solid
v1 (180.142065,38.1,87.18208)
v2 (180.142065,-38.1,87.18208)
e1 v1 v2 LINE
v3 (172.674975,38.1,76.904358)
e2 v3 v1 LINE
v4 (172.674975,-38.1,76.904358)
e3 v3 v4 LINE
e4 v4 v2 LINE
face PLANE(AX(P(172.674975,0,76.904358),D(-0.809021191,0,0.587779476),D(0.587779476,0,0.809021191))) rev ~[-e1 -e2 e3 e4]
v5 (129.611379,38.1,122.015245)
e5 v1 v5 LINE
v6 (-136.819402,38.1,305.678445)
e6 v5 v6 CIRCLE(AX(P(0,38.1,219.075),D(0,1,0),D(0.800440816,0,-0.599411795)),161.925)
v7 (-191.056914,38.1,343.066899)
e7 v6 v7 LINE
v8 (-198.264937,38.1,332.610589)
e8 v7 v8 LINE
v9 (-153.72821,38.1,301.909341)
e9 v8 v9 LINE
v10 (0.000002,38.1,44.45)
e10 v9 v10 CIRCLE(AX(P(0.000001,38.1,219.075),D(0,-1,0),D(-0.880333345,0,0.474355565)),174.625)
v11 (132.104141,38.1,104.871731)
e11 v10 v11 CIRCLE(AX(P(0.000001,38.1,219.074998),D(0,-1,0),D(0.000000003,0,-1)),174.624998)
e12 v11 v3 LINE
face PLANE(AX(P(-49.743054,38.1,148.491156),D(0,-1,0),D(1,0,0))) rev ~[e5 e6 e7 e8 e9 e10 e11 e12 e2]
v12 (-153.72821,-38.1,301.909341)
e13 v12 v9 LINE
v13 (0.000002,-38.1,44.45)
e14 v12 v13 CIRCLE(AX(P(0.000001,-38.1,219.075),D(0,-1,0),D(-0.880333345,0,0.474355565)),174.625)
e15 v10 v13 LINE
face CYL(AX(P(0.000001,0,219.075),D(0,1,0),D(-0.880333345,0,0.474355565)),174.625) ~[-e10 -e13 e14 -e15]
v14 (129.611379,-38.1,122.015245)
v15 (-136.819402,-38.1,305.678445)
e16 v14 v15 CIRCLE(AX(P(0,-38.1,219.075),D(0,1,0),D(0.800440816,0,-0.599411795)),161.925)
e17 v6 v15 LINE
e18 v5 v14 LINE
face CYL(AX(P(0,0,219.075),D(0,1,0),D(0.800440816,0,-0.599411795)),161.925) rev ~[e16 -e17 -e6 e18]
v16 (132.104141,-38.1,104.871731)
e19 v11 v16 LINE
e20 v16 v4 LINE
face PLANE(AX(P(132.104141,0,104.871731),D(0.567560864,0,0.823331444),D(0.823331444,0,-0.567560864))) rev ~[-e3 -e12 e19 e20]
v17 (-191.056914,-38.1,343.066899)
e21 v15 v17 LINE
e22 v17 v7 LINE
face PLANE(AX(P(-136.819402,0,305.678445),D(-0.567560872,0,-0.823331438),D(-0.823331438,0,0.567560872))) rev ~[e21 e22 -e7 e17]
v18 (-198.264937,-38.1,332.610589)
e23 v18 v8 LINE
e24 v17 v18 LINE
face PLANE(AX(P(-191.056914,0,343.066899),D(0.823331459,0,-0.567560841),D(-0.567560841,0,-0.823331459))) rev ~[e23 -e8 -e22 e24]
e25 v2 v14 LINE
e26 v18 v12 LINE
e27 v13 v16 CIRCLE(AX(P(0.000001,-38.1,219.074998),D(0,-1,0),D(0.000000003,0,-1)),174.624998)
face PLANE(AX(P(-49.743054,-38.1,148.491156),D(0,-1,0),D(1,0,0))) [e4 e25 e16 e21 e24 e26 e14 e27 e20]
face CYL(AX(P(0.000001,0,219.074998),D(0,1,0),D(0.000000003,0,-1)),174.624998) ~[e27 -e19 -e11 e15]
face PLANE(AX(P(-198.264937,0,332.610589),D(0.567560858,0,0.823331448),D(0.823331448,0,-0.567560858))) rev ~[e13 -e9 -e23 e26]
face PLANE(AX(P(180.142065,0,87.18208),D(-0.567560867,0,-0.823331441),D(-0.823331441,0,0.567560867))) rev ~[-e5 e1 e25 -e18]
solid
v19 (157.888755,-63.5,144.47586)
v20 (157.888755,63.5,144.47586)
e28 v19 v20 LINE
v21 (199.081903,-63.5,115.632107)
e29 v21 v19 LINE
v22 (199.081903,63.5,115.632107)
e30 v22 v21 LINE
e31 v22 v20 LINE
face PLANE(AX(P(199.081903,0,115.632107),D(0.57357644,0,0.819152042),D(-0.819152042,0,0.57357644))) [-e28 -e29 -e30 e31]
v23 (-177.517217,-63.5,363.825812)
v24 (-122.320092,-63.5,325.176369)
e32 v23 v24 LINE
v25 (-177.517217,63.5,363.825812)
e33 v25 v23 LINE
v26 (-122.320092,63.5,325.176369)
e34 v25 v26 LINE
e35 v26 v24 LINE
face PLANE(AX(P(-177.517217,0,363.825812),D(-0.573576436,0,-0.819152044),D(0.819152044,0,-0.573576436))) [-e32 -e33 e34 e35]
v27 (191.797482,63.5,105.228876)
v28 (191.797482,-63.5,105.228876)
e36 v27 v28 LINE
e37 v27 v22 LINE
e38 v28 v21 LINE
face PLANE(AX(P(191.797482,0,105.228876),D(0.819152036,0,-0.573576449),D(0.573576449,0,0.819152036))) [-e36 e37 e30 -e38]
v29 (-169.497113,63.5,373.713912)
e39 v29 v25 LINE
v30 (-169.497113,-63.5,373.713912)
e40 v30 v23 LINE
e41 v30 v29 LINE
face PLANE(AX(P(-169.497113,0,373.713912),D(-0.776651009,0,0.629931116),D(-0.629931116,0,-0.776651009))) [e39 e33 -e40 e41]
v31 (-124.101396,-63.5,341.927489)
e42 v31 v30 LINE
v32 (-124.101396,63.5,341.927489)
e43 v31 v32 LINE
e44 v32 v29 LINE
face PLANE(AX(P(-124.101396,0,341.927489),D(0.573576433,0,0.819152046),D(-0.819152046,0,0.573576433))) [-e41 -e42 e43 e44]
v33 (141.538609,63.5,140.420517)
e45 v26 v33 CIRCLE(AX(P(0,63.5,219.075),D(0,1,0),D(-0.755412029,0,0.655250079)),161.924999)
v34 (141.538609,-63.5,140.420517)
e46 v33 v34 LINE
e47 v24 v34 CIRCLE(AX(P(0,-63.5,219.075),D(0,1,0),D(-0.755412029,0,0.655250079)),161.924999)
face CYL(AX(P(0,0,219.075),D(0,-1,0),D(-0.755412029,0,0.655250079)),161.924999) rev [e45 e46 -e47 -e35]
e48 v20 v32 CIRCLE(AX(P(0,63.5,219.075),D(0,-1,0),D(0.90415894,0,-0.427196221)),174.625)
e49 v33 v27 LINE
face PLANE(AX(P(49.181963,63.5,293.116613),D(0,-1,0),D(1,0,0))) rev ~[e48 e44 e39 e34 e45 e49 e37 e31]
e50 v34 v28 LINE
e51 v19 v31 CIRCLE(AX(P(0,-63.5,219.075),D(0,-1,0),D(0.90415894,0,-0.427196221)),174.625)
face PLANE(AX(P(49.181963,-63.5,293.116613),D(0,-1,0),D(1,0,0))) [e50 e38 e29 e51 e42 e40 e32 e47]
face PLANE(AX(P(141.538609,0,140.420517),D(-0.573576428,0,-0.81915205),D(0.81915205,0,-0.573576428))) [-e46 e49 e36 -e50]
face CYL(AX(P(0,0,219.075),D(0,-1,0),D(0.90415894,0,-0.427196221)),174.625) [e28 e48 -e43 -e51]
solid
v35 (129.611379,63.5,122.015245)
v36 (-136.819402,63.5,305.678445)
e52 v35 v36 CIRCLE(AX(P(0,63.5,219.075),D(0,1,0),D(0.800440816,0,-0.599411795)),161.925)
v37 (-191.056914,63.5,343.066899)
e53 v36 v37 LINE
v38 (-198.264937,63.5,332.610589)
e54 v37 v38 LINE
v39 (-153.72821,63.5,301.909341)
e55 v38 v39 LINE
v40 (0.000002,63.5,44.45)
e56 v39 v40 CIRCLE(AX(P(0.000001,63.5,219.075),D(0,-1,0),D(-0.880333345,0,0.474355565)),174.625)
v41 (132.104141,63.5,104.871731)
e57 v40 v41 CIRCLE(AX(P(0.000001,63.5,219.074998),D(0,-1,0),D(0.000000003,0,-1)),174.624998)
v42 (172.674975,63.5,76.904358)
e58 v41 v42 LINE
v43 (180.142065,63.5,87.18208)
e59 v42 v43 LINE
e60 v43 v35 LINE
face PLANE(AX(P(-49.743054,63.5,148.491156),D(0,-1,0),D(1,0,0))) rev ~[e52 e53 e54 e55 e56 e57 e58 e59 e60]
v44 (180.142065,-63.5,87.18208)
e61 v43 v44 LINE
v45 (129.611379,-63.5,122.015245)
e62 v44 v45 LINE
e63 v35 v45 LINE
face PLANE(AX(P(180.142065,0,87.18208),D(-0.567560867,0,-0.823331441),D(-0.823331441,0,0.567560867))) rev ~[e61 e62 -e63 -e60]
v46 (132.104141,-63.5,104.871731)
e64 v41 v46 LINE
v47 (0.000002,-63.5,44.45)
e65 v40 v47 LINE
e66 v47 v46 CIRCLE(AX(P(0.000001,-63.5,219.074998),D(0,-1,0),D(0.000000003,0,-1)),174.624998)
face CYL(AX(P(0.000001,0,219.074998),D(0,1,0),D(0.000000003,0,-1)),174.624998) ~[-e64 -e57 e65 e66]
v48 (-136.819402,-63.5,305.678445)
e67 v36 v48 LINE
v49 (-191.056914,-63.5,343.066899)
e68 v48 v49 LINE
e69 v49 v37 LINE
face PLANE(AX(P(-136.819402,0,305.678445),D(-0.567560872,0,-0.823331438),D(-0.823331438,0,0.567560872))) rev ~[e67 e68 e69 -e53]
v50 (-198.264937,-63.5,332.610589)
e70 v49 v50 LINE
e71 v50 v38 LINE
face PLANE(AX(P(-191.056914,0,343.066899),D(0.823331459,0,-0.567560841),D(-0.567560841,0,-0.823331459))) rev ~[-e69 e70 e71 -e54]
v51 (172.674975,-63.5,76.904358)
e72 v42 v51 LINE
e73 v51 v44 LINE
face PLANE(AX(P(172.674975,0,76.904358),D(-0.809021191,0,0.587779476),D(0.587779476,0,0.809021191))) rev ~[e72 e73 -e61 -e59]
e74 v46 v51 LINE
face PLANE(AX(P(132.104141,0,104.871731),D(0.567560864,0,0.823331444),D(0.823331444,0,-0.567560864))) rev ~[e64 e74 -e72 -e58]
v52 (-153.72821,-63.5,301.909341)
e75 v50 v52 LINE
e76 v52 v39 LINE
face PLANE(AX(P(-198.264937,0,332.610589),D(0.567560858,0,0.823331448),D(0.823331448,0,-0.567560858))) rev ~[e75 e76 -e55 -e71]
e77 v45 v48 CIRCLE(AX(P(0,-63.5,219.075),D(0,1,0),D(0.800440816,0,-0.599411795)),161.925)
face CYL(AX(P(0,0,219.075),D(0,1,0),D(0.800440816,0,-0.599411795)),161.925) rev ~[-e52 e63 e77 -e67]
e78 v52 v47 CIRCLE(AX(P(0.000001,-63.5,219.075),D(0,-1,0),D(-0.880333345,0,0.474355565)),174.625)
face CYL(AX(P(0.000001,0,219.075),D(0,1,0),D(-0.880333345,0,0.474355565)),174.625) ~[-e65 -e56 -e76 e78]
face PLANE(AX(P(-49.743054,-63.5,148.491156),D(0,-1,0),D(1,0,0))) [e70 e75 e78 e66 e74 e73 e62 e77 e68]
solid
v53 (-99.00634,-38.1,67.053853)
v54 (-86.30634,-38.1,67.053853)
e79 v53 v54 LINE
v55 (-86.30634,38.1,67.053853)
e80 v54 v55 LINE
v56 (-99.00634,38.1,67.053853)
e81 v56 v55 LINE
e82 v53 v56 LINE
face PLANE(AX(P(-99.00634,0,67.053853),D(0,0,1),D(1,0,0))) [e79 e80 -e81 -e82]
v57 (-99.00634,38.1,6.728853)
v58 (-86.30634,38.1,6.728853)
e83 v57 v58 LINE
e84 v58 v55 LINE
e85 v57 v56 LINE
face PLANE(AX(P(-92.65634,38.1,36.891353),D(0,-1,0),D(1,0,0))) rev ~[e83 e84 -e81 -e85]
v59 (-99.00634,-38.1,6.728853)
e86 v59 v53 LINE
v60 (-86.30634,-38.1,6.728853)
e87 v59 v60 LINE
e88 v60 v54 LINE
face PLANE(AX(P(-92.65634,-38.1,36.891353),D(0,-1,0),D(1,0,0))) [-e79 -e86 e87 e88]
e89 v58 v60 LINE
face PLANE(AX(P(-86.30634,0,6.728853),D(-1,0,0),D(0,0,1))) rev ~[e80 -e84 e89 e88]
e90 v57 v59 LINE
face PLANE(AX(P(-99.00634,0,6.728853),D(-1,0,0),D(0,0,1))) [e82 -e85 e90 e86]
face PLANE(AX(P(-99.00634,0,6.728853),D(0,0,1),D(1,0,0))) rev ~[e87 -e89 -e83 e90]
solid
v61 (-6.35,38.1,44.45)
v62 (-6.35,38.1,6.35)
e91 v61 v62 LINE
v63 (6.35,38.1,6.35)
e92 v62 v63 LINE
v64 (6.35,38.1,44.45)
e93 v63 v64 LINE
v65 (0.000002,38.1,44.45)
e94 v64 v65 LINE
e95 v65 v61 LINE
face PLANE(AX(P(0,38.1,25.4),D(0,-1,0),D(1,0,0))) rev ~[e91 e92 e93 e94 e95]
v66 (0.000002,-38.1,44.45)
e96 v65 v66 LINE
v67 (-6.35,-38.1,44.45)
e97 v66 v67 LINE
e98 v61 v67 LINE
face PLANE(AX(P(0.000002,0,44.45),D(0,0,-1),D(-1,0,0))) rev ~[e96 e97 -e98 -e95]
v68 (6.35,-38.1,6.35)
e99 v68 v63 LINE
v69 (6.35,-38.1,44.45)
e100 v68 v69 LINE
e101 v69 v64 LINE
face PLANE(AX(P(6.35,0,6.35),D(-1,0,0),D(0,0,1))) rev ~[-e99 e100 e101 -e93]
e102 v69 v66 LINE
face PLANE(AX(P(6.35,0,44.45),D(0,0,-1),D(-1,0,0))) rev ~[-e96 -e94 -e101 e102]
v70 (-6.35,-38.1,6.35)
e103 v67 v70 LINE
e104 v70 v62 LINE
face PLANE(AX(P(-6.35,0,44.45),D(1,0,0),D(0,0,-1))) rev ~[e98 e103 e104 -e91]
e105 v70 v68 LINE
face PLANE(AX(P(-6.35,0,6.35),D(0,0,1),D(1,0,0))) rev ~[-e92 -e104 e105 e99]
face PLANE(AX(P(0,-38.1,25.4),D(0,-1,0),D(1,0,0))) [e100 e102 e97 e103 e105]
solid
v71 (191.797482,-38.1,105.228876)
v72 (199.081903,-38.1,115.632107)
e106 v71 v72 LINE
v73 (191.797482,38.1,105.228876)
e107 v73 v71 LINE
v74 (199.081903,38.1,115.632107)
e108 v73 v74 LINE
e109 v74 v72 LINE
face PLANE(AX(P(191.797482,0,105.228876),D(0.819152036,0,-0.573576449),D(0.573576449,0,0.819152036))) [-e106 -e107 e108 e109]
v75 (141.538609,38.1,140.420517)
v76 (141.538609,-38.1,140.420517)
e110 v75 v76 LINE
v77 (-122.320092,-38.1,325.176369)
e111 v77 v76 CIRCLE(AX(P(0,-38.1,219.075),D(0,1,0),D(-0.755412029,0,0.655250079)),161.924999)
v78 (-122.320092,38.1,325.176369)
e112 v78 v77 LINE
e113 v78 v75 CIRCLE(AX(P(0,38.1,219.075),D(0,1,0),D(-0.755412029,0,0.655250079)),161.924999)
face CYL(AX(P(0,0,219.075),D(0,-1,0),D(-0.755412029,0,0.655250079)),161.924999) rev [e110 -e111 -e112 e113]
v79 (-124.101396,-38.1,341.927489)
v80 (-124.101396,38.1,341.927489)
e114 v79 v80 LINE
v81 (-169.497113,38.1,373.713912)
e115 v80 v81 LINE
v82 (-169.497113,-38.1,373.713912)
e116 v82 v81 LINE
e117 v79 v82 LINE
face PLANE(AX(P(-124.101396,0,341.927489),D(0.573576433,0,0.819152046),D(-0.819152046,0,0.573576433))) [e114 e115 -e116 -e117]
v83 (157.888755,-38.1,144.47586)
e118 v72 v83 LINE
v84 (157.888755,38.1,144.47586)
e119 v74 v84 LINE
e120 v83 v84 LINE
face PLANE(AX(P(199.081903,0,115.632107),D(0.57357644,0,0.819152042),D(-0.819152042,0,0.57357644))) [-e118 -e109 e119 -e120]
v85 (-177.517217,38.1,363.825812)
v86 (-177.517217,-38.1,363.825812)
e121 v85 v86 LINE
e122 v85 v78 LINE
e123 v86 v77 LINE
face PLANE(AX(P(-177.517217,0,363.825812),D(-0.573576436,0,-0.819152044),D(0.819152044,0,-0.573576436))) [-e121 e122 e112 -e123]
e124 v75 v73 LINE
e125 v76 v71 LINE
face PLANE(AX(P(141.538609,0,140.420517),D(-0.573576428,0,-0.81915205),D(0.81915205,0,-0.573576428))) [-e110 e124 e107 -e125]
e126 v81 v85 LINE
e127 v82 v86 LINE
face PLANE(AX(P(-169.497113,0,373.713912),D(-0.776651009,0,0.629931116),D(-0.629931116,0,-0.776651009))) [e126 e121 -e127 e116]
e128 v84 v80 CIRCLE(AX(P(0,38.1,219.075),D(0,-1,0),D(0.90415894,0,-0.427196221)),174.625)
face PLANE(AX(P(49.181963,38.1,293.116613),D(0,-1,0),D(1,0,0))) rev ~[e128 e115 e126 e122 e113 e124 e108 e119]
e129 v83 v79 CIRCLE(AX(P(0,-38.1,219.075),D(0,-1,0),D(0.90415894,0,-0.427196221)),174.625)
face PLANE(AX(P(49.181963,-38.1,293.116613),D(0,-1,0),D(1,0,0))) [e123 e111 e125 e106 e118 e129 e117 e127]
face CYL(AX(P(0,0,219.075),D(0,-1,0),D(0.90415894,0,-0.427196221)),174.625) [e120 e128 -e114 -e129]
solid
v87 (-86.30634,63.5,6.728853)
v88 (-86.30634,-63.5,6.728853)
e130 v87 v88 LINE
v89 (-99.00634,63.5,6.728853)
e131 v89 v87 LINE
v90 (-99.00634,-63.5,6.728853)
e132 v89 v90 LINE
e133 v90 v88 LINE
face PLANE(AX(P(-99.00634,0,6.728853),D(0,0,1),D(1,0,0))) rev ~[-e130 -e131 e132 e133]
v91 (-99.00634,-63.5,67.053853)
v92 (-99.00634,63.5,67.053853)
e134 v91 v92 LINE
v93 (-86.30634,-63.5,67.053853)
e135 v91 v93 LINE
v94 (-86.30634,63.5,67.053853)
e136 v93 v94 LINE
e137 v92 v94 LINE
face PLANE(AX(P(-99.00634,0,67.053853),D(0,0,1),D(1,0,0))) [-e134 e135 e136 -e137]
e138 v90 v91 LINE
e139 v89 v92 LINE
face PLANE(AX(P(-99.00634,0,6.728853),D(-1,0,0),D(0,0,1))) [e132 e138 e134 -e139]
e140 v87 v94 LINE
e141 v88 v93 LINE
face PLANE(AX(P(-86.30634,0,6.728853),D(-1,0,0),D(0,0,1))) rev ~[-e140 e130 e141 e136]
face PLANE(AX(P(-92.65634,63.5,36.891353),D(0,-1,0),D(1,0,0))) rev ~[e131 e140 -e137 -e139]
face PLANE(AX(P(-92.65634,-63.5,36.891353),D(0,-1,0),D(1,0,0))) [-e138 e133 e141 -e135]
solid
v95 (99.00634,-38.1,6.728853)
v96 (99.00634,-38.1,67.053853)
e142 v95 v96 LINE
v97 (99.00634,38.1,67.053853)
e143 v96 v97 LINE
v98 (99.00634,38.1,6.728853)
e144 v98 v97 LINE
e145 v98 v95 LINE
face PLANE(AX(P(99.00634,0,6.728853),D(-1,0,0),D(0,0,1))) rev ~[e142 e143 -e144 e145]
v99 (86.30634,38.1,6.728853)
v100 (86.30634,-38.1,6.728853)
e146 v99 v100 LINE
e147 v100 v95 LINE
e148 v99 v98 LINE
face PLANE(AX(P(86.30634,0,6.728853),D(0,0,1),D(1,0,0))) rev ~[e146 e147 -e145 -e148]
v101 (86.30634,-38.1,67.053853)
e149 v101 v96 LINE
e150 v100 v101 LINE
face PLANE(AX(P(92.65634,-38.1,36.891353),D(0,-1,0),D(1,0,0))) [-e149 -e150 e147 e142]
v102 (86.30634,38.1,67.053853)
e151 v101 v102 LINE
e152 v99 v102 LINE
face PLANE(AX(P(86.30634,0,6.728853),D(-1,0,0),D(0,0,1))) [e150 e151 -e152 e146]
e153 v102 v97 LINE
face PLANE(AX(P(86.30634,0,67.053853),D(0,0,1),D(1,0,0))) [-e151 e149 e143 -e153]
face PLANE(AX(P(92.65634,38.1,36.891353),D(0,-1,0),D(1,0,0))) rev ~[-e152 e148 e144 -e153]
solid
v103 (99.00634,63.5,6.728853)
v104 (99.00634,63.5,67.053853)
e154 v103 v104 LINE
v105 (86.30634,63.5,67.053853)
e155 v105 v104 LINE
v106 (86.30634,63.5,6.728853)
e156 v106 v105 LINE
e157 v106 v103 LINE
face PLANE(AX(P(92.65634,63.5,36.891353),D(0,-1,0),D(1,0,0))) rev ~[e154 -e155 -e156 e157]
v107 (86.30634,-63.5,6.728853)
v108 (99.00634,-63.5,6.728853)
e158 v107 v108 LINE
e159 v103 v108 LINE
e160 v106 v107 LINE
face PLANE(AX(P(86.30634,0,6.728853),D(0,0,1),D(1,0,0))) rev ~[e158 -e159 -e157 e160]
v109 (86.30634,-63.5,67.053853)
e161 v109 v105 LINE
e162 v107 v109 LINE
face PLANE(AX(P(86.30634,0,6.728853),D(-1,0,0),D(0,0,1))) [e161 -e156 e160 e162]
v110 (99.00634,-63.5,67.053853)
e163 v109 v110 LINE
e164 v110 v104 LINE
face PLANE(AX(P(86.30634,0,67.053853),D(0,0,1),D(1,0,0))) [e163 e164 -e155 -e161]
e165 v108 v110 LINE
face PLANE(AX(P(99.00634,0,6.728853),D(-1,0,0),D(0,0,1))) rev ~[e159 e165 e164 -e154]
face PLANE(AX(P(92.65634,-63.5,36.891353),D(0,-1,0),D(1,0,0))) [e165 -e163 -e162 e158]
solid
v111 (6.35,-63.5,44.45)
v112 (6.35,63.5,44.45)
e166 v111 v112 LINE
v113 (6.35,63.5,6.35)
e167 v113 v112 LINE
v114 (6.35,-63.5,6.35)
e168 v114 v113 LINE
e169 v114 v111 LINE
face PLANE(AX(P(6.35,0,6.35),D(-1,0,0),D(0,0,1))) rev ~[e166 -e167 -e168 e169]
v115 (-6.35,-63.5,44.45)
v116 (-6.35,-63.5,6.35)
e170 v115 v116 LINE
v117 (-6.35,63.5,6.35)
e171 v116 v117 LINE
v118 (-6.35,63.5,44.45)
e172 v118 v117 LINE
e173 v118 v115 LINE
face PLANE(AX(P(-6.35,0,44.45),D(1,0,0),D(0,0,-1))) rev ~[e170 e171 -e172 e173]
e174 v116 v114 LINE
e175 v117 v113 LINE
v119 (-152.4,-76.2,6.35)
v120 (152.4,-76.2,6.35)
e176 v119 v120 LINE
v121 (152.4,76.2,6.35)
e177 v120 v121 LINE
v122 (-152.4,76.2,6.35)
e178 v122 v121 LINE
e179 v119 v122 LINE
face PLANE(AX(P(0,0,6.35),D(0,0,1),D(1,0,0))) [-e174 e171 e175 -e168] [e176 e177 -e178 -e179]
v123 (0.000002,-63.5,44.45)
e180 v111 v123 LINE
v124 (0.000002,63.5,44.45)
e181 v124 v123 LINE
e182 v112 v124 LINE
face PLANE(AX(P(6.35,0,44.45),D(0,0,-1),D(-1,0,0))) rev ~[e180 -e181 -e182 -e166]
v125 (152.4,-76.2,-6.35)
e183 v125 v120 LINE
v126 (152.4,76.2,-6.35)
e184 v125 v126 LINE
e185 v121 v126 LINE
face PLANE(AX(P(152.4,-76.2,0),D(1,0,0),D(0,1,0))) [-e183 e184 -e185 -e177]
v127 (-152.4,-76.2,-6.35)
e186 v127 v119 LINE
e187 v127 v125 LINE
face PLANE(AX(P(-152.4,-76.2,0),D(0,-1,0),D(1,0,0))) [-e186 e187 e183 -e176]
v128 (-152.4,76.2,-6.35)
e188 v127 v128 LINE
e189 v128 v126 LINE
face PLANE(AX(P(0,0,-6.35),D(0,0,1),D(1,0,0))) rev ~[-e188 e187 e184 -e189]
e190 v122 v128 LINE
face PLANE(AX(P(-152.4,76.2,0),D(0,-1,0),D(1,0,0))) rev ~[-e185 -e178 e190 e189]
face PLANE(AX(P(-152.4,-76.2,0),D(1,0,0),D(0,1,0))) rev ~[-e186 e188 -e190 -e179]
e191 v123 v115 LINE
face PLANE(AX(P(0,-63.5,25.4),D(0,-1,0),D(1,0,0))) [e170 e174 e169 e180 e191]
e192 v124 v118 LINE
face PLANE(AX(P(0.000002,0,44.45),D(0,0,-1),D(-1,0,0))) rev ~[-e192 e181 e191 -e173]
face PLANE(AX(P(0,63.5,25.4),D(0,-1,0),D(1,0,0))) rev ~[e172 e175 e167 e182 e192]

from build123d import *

# Parameters (mm, degrees)
F0_W     = 304.8
F0_H     = 152.4
F1_DEPTH = 6.35
F2_W     = 12.7
F2_H     = 60.325
F3_DEPTH = 63.5
F4_DEPTH = 38.1


with BuildPart() as f1:
    # F0 (on Top) → F1 (new body, symmetric)
    with BuildSketch(Plane.XY):
        Rectangle(F0_W, F0_H)
    extrude(amount=F1_DEPTH, both=True)

    # F2 (on Front) → F3 (join, symmetric)
    with BuildSketch(Plane.XZ):
        with BuildLine():
            ThreePointArc((-153.72821, 301.909341), (-149.931379, 129.551416), (2e-06, 44.45))
            ThreePointArc((2e-06, 44.45), (72.633137, 60.272235), (132.104141, 104.871731))
            Line((132.104141, 104.871731), (172.674975, 76.904358))
            Line((172.674975, 76.904358), (180.142065, 87.18208))
            Line((180.142065, 87.18208), (129.611379, 122.015245))
            ThreePointArc((129.611379, 122.015245), (-91.902294, 85.757057), (-136.819402, 305.678445))
            Line((-136.819402, 305.678445), (-191.056914, 343.066899))
            Line((-191.056914, 343.066899), (-198.264937, 332.610589))
            Line((-198.264937, 332.610589), (-153.72821, 301.909341))
        make_face()
        Polygon((-6.35, 6.35), (6.35, 6.35), (6.35, 44.45), (2e-06, 44.45), (-6.35, 44.45), align=None)
        with Locations((-92.65634, 36.891353)):
            Rectangle(F2_W, F2_H)
        with Locations((92.65634, 36.891353)):
            Rectangle(F2_W, F2_H)
        with BuildLine():
            Line((-169.497113, 373.713912), (-177.517217, 363.825812))
            Line((-177.517217, 363.825812), (-122.320092, 325.176369))
            ThreePointArc((-122.320092, 325.176369), (92.876364, 351.716195), (141.538609, 140.420517))
            Line((141.538609, 140.420517), (191.797482, 105.228876))
            Line((191.797482, 105.228876), (199.081903, 115.632107))
            Line((199.081903, 115.632107), (157.888755, 144.47586))
            ThreePointArc((157.888755, 144.47586), (100.160785, 362.119426), (-124.101396, 341.927489))
            Line((-124.101396, 341.927489), (-169.497113, 373.713912))
        make_face()
    extrude(amount=F3_DEPTH, both=True)


with BuildPart() as f4:
    # F2 (on Front) → F4 (new body, symmetric)
    with BuildSketch(Plane.XZ):
        with BuildLine():
            ThreePointArc((-153.72821, 301.909341), (-149.931379, 129.551416), (2e-06, 44.45))
            ThreePointArc((2e-06, 44.45), (72.633137, 60.272235), (132.104141, 104.871731))
            Line((132.104141, 104.871731), (172.674975, 76.904358))
            Line((172.674975, 76.904358), (180.142065, 87.18208))
            Line((180.142065, 87.18208), (129.611379, 122.015245))
            ThreePointArc((129.611379, 122.015245), (-91.902294, 85.757057), (-136.819402, 305.678445))
            Line((-136.819402, 305.678445), (-191.056914, 343.066899))
            Line((-191.056914, 343.066899), (-198.264937, 332.610589))
            Line((-198.264937, 332.610589), (-153.72821, 301.909341))
        make_face()
        Polygon((-6.35, 6.35), (6.35, 6.35), (6.35, 44.45), (2e-06, 44.45), (-6.35, 44.45), align=None)
        with Locations((-92.65634, 36.891353)):
            Rectangle(F2_W, F2_H)
        with Locations((92.65634, 36.891353)):
            Rectangle(F2_W, F2_H)
        with BuildLine():
            Line((-169.497113, 373.713912), (-177.517217, 363.825812))
            Line((-177.517217, 363.825812), (-122.320092, 325.176369))
            ThreePointArc((-122.320092, 325.176369), (92.876364, 351.716195), (141.538609, 140.420517))
            Line((141.538609, 140.420517), (191.797482, 105.228876))
            Line((191.797482, 105.228876), (199.081903, 115.632107))
            Line((199.081903, 115.632107), (157.888755, 144.47586))
            ThreePointArc((157.888755, 144.47586), (100.160785, 362.119426), (-124.101396, 341.927489))
            Line((-124.101396, 341.927489), (-169.497113, 373.713912))
        make_face()
    extrude(amount=F4_DEPTH, both=True)


solid = Compound([f1.part, f4.part])
